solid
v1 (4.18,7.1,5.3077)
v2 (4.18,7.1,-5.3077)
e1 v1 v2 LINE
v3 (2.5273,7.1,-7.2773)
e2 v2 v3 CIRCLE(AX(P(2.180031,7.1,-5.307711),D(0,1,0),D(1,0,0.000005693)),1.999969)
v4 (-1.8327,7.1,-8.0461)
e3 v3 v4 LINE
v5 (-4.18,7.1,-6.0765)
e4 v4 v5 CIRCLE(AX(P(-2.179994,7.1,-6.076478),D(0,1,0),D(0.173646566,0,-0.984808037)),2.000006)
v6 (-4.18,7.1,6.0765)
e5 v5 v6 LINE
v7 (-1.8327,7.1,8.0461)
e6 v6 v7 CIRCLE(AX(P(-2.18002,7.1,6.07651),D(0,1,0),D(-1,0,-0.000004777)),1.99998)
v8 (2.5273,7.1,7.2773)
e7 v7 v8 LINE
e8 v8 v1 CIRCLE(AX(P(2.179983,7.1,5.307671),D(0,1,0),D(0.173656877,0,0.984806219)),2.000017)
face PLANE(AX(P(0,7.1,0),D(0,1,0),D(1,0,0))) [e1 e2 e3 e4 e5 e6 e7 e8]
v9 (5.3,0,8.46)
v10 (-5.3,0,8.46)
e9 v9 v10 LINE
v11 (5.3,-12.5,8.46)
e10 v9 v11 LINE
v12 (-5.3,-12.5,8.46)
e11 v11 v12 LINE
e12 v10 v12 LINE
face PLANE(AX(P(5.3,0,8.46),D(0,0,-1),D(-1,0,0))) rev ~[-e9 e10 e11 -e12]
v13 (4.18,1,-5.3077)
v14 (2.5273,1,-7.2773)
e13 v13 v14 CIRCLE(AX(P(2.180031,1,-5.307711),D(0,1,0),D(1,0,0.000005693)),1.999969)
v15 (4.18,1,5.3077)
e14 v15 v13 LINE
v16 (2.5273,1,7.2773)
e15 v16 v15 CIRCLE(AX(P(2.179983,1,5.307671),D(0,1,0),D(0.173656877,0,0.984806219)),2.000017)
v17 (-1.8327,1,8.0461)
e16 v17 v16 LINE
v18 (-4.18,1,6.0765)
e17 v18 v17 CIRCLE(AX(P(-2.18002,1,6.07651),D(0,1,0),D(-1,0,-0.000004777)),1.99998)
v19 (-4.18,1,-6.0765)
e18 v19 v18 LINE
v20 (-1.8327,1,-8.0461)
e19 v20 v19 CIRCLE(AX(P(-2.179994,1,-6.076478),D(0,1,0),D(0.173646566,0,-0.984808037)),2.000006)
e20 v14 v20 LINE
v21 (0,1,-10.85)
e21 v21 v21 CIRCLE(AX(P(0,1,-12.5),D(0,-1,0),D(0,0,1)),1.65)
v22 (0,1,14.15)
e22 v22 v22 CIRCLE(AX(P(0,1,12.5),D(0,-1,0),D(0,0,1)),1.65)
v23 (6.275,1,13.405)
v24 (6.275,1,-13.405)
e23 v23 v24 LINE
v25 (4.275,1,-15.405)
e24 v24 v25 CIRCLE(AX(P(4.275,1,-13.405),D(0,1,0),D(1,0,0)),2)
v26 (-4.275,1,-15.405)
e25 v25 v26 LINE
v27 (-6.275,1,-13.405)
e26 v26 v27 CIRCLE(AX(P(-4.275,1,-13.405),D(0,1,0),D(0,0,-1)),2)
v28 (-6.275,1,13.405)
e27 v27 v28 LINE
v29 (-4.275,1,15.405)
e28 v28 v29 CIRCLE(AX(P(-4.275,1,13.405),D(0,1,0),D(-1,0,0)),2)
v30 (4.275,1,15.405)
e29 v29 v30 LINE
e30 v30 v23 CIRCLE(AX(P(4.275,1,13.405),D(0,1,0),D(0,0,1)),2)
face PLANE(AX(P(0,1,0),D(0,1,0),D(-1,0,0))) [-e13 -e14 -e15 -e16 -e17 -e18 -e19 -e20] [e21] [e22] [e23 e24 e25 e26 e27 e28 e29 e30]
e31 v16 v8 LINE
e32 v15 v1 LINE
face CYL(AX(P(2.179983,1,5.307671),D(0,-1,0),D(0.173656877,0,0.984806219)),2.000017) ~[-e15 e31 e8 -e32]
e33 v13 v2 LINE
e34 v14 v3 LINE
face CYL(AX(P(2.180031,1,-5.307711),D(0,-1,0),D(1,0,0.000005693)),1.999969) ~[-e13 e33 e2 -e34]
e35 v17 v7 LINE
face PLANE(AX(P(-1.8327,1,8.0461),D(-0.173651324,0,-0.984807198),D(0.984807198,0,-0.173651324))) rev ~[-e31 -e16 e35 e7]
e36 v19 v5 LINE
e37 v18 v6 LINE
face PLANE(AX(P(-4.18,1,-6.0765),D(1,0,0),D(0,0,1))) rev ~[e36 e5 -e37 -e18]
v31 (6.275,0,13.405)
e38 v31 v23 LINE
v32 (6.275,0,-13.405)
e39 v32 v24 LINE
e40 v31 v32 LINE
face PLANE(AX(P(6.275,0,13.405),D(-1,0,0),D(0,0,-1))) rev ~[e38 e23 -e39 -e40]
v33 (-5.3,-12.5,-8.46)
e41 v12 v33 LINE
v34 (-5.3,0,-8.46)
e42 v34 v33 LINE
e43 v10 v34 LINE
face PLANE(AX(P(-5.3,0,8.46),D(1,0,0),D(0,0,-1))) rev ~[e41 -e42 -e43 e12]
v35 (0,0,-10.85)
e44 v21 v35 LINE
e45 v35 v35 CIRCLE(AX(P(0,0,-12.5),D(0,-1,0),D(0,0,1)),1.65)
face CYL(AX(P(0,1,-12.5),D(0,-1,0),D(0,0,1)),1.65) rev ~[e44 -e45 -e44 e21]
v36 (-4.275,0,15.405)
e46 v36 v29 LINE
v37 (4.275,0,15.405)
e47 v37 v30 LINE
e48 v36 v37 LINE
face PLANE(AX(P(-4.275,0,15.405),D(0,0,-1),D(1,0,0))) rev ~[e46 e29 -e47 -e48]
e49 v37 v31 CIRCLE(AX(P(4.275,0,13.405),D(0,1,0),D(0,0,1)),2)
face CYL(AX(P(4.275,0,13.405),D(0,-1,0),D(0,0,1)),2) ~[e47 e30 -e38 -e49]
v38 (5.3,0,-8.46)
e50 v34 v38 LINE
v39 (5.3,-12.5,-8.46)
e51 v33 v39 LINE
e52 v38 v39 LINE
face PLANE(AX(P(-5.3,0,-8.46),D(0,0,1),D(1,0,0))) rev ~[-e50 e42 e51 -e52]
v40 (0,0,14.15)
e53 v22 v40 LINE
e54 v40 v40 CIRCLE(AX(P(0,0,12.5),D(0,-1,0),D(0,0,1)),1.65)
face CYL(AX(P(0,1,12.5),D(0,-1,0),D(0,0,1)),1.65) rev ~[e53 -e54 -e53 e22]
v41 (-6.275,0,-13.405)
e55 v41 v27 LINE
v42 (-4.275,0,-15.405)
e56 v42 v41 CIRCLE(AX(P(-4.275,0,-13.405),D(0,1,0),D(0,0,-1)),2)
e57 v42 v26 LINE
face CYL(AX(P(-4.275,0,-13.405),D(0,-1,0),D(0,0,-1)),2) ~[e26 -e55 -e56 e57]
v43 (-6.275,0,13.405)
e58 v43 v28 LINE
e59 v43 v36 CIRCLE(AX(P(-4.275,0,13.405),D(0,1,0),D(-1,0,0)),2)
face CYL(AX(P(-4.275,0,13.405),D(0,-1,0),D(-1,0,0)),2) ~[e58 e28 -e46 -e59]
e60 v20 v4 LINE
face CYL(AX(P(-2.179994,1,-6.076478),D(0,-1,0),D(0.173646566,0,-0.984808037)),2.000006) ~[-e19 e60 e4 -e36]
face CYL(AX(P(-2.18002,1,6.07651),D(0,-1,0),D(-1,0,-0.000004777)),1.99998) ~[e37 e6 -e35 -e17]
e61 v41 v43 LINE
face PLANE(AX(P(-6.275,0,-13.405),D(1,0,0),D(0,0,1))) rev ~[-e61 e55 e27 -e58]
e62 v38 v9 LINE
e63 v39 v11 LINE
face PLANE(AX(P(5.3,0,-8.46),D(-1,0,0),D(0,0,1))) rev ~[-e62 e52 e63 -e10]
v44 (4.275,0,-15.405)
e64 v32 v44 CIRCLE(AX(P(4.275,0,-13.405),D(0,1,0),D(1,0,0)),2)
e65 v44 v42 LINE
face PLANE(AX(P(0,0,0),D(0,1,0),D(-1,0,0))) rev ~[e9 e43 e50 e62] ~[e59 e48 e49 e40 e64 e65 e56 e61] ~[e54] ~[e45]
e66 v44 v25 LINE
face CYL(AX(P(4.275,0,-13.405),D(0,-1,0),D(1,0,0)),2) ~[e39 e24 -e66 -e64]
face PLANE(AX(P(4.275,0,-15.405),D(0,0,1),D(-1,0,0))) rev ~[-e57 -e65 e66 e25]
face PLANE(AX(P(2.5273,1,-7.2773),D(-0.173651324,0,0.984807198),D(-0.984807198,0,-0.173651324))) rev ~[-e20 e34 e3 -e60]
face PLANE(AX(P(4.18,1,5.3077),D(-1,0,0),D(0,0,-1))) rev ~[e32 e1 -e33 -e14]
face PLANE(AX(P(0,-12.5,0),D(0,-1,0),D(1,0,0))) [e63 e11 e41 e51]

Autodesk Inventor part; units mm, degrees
ref_plane "YZ Plane" through (0, 0, 0) normal (1, 0, 0) x (0, 1, 0)
ref_plane "XZ Plane" through (0, 0, 0) normal (0, 1, 0) x (-1, 0, 0)
ref_plane "XY Plane" through (0, 0, 0) normal (0, 0, 1) x (1, 0, 0)
sketch "Skizze9" plane through (0, 0, 0) normal (0, 1, 0) x (-1, 0, 0)
  line L0 (4.275, 15.405) -> (-4.275, 15.405)
  line L1 (-6.275, 13.405) -> (-6.275, -13.405)
  line L2 (-4.275, -15.405) -> (4.275, -15.405)
  line L3 (6.275, -13.405) -> (6.275, 13.405)
  line L4 (0, 0) -> (0, -15.405) construction
  line L5 (0, 0) -> (6.275, 0) construction
  arc A0 (6.275, 13.405) -> (4.275, 15.405) centre (4.275, 13.405) ccw
  arc A1 (-6.275, -13.405) -> (-4.275, -15.405) centre (-4.275, -13.405) ccw
  arc A2 (4.275, -15.405) -> (6.275, -13.405) centre (4.275, -13.405) ccw
  arc A3 (-4.275, 15.405) -> (-6.275, 13.405) centre (-4.275, 13.405) ccw
  point P0 (6.275, 15.405)
  point P1 (-6.275, -15.405)
  point P2 (-6.275, 15.405)
  point P3 (6.275, -15.405)
  dimension "d41" = 30.81
  dimension "d42" = 12.55
  dimension "d61" = 2
extrude "Extrusion6" add sketch "Skizze9" along normal blind 1
sketch "Skizze10" plane through (0, 1, 0) normal (0, 1, 0) x (1, 0, 0)
  line L0 (-4.275, -15.405) -> (4.275, -15.405) projected
  line L1 (6.275, -13.405) -> (6.275, 13.405) projected
  line L2 (4.275, 15.405) -> (-4.275, 15.405) projected
  line L3 (-6.275, 13.405) -> (-6.275, -13.405) projected
  line L4 (4.18, -5.3077) -> (4.18, 5.3077)
  line L5 (2.5273, 7.2773) -> (-1.8327, 8.0461)
  line L6 (-4.18, 6.0765) -> (-4.18, -6.0765)
  line L7 (-1.8327, -8.0461) -> (2.5273, -7.2773)
  line L8 (0, 0) -> (-4.18, 0) construction
  line L9 (0, 0) -> (4.18, 0) construction
  line L10 (-4.18, -8.46) -> (6.275, -8.46) construction
  line L11 (-4.18, 8.46) -> (6.275, 8.46) construction
  arc A0 (-4.18, -6.0765) -> (-1.8327, -8.0461) centre (-2.18, -6.0765) ccw
  arc A1 (-1.8327, 8.0461) -> (-4.18, 6.0765) centre (-2.18, 6.0765) ccw
  arc A2 (2.5273, -7.2773) -> (4.18, -5.3077) centre (2.18, -5.3077) ccw
  arc A3 (4.18, 5.3077) -> (2.5273, 7.2773) centre (2.18, 5.3077) ccw
  arc A4 (4.275, -15.405) -> (6.275, -13.405) centre (4.275, -13.405) ccw projected
  arc A5 (6.275, 13.405) -> (4.275, 15.405) centre (4.275, 13.405) ccw projected
  arc A6 (-4.275, 15.405) -> (-6.275, 13.405) centre (-4.275, 13.405) ccw projected
  arc A7 (-6.275, -13.405) -> (-4.275, -15.405) centre (-4.275, -13.405) ccw projected
  dimension "d45" = 10
  dimension "d46" = 4.18
  dimension "d47" = 4.18
  dimension "d48" = 16.92
  dimension "d49" = 2
extrude "Extrusion7" add sketch "Skizze10" along normal blind 6.1 contours A2 L7 A0 L6 A1 L5 A3 L4
sketch "Skizze11" plane through (0, 1, 0) normal (0, 1, 0) x (1, 0, 0)
  arc A0 (-1.8327, 8.0461) -> (-4.18, 6.0765) centre (-2.18, 6.0765) ccw projected
  line L0 (-1.8327, 8.0461) -> (2.5273, 7.2773) projected
  arc A1 (4.18, 5.3077) -> (2.5273, 7.2773) centre (2.18, 5.3077) ccw projected
  line L1 (4.18, 5.3077) -> (4.18, -5.3077) projected
  arc A2 (2.5273, -7.2773) -> (4.18, -5.3077) centre (2.18, -5.3077) ccw projected
  line L2 (2.5273, -7.2773) -> (-1.8327, -8.0461) projected
  arc A3 (-4.18, -6.0765) -> (-1.8327, -8.0461) centre (-2.18, -6.0765) ccw projected
  line L3 (-4.18, -6.0765) -> (-4.18, 6.0765) projected
  line L4 (-4.275, -15.405) -> (4.275, -15.405) projected
  line L5 (6.275, -13.405) -> (6.275, 13.405) projected
  line L6 (4.275, 15.405) -> (-4.275, 15.405) projected
  line L7 (-6.275, 13.405) -> (-6.275, -13.405) projected
  line L8 (0, 0) -> (0, 12.5) construction
  line L9 (0, 0) -> (0, -12.5) construction
  arc A4 (4.275, -15.405) -> (6.275, -13.405) centre (4.275, -13.405) ccw projected
  arc A5 (6.275, 13.405) -> (4.275, 15.405) centre (4.275, 13.405) ccw projected
  arc A6 (-4.275, 15.405) -> (-6.275, 13.405) centre (-4.275, 13.405) ccw projected
  arc A7 (-6.275, -13.405) -> (-4.275, -15.405) centre (-4.275, -13.405) ccw projected
  dimension "d52" = 12.5
  dimension "d53" = 12.5
hole "Bohrung3" at (0, 1, 12.5) at (0, 1, -12.5) direction (0, -1, 0) diameter 3.3 end through all
sketch "Skizze12" plane through (0, 0, 0) normal (0, -1, 0) x (1, 0, 0)
  circle A0 centre (0, 12.5) radius 1.65 projected
  circle A1 centre (0, -12.5) radius 1.65 projected
  line L0 (-4.275, 15.405) -> (4.275, 15.405) projected
  arc A2 (-4.275, 15.405) -> (-6.275, 13.405) centre (-4.275, 13.405) ccw projected
  line L1 (-6.275, -13.405) -> (-6.275, 13.405) projected
  arc A3 (-6.275, -13.405) -> (-4.275, -15.405) centre (-4.275, -13.405) ccw projected
  line L2 (4.275, -15.405) -> (-4.275, -15.405) projected
  arc A4 (4.275, -15.405) -> (6.275, -13.405) centre (4.275, -13.405) ccw projected
  line L3 (6.275, 13.405) -> (6.275, -13.405) projected
  arc A5 (6.275, 13.405) -> (4.275, 15.405) centre (4.275, 13.405) ccw projected
  line L4 (-5.3, -8.46) -> (5.3, -8.46)
  line L5 (5.3, -8.46) -> (5.3, 8.46)
  line L6 (5.3, 8.46) -> (-5.3, 8.46)
  line L7 (-5.3, 8.46) -> (-5.3, -8.46)
  line L8 (0, 0) -> (0, 8.46) construction
  line L9 (0, 0) -> (-5.3, 0) construction
  dimension "d62" = 10.6
  dimension "d63" = 16.92
extrude "Extrusion8" add sketch "Skizze12" along normal blind 12.5 contours L7 L6 L5 L4
properties part number "anschluss_daten_2"
